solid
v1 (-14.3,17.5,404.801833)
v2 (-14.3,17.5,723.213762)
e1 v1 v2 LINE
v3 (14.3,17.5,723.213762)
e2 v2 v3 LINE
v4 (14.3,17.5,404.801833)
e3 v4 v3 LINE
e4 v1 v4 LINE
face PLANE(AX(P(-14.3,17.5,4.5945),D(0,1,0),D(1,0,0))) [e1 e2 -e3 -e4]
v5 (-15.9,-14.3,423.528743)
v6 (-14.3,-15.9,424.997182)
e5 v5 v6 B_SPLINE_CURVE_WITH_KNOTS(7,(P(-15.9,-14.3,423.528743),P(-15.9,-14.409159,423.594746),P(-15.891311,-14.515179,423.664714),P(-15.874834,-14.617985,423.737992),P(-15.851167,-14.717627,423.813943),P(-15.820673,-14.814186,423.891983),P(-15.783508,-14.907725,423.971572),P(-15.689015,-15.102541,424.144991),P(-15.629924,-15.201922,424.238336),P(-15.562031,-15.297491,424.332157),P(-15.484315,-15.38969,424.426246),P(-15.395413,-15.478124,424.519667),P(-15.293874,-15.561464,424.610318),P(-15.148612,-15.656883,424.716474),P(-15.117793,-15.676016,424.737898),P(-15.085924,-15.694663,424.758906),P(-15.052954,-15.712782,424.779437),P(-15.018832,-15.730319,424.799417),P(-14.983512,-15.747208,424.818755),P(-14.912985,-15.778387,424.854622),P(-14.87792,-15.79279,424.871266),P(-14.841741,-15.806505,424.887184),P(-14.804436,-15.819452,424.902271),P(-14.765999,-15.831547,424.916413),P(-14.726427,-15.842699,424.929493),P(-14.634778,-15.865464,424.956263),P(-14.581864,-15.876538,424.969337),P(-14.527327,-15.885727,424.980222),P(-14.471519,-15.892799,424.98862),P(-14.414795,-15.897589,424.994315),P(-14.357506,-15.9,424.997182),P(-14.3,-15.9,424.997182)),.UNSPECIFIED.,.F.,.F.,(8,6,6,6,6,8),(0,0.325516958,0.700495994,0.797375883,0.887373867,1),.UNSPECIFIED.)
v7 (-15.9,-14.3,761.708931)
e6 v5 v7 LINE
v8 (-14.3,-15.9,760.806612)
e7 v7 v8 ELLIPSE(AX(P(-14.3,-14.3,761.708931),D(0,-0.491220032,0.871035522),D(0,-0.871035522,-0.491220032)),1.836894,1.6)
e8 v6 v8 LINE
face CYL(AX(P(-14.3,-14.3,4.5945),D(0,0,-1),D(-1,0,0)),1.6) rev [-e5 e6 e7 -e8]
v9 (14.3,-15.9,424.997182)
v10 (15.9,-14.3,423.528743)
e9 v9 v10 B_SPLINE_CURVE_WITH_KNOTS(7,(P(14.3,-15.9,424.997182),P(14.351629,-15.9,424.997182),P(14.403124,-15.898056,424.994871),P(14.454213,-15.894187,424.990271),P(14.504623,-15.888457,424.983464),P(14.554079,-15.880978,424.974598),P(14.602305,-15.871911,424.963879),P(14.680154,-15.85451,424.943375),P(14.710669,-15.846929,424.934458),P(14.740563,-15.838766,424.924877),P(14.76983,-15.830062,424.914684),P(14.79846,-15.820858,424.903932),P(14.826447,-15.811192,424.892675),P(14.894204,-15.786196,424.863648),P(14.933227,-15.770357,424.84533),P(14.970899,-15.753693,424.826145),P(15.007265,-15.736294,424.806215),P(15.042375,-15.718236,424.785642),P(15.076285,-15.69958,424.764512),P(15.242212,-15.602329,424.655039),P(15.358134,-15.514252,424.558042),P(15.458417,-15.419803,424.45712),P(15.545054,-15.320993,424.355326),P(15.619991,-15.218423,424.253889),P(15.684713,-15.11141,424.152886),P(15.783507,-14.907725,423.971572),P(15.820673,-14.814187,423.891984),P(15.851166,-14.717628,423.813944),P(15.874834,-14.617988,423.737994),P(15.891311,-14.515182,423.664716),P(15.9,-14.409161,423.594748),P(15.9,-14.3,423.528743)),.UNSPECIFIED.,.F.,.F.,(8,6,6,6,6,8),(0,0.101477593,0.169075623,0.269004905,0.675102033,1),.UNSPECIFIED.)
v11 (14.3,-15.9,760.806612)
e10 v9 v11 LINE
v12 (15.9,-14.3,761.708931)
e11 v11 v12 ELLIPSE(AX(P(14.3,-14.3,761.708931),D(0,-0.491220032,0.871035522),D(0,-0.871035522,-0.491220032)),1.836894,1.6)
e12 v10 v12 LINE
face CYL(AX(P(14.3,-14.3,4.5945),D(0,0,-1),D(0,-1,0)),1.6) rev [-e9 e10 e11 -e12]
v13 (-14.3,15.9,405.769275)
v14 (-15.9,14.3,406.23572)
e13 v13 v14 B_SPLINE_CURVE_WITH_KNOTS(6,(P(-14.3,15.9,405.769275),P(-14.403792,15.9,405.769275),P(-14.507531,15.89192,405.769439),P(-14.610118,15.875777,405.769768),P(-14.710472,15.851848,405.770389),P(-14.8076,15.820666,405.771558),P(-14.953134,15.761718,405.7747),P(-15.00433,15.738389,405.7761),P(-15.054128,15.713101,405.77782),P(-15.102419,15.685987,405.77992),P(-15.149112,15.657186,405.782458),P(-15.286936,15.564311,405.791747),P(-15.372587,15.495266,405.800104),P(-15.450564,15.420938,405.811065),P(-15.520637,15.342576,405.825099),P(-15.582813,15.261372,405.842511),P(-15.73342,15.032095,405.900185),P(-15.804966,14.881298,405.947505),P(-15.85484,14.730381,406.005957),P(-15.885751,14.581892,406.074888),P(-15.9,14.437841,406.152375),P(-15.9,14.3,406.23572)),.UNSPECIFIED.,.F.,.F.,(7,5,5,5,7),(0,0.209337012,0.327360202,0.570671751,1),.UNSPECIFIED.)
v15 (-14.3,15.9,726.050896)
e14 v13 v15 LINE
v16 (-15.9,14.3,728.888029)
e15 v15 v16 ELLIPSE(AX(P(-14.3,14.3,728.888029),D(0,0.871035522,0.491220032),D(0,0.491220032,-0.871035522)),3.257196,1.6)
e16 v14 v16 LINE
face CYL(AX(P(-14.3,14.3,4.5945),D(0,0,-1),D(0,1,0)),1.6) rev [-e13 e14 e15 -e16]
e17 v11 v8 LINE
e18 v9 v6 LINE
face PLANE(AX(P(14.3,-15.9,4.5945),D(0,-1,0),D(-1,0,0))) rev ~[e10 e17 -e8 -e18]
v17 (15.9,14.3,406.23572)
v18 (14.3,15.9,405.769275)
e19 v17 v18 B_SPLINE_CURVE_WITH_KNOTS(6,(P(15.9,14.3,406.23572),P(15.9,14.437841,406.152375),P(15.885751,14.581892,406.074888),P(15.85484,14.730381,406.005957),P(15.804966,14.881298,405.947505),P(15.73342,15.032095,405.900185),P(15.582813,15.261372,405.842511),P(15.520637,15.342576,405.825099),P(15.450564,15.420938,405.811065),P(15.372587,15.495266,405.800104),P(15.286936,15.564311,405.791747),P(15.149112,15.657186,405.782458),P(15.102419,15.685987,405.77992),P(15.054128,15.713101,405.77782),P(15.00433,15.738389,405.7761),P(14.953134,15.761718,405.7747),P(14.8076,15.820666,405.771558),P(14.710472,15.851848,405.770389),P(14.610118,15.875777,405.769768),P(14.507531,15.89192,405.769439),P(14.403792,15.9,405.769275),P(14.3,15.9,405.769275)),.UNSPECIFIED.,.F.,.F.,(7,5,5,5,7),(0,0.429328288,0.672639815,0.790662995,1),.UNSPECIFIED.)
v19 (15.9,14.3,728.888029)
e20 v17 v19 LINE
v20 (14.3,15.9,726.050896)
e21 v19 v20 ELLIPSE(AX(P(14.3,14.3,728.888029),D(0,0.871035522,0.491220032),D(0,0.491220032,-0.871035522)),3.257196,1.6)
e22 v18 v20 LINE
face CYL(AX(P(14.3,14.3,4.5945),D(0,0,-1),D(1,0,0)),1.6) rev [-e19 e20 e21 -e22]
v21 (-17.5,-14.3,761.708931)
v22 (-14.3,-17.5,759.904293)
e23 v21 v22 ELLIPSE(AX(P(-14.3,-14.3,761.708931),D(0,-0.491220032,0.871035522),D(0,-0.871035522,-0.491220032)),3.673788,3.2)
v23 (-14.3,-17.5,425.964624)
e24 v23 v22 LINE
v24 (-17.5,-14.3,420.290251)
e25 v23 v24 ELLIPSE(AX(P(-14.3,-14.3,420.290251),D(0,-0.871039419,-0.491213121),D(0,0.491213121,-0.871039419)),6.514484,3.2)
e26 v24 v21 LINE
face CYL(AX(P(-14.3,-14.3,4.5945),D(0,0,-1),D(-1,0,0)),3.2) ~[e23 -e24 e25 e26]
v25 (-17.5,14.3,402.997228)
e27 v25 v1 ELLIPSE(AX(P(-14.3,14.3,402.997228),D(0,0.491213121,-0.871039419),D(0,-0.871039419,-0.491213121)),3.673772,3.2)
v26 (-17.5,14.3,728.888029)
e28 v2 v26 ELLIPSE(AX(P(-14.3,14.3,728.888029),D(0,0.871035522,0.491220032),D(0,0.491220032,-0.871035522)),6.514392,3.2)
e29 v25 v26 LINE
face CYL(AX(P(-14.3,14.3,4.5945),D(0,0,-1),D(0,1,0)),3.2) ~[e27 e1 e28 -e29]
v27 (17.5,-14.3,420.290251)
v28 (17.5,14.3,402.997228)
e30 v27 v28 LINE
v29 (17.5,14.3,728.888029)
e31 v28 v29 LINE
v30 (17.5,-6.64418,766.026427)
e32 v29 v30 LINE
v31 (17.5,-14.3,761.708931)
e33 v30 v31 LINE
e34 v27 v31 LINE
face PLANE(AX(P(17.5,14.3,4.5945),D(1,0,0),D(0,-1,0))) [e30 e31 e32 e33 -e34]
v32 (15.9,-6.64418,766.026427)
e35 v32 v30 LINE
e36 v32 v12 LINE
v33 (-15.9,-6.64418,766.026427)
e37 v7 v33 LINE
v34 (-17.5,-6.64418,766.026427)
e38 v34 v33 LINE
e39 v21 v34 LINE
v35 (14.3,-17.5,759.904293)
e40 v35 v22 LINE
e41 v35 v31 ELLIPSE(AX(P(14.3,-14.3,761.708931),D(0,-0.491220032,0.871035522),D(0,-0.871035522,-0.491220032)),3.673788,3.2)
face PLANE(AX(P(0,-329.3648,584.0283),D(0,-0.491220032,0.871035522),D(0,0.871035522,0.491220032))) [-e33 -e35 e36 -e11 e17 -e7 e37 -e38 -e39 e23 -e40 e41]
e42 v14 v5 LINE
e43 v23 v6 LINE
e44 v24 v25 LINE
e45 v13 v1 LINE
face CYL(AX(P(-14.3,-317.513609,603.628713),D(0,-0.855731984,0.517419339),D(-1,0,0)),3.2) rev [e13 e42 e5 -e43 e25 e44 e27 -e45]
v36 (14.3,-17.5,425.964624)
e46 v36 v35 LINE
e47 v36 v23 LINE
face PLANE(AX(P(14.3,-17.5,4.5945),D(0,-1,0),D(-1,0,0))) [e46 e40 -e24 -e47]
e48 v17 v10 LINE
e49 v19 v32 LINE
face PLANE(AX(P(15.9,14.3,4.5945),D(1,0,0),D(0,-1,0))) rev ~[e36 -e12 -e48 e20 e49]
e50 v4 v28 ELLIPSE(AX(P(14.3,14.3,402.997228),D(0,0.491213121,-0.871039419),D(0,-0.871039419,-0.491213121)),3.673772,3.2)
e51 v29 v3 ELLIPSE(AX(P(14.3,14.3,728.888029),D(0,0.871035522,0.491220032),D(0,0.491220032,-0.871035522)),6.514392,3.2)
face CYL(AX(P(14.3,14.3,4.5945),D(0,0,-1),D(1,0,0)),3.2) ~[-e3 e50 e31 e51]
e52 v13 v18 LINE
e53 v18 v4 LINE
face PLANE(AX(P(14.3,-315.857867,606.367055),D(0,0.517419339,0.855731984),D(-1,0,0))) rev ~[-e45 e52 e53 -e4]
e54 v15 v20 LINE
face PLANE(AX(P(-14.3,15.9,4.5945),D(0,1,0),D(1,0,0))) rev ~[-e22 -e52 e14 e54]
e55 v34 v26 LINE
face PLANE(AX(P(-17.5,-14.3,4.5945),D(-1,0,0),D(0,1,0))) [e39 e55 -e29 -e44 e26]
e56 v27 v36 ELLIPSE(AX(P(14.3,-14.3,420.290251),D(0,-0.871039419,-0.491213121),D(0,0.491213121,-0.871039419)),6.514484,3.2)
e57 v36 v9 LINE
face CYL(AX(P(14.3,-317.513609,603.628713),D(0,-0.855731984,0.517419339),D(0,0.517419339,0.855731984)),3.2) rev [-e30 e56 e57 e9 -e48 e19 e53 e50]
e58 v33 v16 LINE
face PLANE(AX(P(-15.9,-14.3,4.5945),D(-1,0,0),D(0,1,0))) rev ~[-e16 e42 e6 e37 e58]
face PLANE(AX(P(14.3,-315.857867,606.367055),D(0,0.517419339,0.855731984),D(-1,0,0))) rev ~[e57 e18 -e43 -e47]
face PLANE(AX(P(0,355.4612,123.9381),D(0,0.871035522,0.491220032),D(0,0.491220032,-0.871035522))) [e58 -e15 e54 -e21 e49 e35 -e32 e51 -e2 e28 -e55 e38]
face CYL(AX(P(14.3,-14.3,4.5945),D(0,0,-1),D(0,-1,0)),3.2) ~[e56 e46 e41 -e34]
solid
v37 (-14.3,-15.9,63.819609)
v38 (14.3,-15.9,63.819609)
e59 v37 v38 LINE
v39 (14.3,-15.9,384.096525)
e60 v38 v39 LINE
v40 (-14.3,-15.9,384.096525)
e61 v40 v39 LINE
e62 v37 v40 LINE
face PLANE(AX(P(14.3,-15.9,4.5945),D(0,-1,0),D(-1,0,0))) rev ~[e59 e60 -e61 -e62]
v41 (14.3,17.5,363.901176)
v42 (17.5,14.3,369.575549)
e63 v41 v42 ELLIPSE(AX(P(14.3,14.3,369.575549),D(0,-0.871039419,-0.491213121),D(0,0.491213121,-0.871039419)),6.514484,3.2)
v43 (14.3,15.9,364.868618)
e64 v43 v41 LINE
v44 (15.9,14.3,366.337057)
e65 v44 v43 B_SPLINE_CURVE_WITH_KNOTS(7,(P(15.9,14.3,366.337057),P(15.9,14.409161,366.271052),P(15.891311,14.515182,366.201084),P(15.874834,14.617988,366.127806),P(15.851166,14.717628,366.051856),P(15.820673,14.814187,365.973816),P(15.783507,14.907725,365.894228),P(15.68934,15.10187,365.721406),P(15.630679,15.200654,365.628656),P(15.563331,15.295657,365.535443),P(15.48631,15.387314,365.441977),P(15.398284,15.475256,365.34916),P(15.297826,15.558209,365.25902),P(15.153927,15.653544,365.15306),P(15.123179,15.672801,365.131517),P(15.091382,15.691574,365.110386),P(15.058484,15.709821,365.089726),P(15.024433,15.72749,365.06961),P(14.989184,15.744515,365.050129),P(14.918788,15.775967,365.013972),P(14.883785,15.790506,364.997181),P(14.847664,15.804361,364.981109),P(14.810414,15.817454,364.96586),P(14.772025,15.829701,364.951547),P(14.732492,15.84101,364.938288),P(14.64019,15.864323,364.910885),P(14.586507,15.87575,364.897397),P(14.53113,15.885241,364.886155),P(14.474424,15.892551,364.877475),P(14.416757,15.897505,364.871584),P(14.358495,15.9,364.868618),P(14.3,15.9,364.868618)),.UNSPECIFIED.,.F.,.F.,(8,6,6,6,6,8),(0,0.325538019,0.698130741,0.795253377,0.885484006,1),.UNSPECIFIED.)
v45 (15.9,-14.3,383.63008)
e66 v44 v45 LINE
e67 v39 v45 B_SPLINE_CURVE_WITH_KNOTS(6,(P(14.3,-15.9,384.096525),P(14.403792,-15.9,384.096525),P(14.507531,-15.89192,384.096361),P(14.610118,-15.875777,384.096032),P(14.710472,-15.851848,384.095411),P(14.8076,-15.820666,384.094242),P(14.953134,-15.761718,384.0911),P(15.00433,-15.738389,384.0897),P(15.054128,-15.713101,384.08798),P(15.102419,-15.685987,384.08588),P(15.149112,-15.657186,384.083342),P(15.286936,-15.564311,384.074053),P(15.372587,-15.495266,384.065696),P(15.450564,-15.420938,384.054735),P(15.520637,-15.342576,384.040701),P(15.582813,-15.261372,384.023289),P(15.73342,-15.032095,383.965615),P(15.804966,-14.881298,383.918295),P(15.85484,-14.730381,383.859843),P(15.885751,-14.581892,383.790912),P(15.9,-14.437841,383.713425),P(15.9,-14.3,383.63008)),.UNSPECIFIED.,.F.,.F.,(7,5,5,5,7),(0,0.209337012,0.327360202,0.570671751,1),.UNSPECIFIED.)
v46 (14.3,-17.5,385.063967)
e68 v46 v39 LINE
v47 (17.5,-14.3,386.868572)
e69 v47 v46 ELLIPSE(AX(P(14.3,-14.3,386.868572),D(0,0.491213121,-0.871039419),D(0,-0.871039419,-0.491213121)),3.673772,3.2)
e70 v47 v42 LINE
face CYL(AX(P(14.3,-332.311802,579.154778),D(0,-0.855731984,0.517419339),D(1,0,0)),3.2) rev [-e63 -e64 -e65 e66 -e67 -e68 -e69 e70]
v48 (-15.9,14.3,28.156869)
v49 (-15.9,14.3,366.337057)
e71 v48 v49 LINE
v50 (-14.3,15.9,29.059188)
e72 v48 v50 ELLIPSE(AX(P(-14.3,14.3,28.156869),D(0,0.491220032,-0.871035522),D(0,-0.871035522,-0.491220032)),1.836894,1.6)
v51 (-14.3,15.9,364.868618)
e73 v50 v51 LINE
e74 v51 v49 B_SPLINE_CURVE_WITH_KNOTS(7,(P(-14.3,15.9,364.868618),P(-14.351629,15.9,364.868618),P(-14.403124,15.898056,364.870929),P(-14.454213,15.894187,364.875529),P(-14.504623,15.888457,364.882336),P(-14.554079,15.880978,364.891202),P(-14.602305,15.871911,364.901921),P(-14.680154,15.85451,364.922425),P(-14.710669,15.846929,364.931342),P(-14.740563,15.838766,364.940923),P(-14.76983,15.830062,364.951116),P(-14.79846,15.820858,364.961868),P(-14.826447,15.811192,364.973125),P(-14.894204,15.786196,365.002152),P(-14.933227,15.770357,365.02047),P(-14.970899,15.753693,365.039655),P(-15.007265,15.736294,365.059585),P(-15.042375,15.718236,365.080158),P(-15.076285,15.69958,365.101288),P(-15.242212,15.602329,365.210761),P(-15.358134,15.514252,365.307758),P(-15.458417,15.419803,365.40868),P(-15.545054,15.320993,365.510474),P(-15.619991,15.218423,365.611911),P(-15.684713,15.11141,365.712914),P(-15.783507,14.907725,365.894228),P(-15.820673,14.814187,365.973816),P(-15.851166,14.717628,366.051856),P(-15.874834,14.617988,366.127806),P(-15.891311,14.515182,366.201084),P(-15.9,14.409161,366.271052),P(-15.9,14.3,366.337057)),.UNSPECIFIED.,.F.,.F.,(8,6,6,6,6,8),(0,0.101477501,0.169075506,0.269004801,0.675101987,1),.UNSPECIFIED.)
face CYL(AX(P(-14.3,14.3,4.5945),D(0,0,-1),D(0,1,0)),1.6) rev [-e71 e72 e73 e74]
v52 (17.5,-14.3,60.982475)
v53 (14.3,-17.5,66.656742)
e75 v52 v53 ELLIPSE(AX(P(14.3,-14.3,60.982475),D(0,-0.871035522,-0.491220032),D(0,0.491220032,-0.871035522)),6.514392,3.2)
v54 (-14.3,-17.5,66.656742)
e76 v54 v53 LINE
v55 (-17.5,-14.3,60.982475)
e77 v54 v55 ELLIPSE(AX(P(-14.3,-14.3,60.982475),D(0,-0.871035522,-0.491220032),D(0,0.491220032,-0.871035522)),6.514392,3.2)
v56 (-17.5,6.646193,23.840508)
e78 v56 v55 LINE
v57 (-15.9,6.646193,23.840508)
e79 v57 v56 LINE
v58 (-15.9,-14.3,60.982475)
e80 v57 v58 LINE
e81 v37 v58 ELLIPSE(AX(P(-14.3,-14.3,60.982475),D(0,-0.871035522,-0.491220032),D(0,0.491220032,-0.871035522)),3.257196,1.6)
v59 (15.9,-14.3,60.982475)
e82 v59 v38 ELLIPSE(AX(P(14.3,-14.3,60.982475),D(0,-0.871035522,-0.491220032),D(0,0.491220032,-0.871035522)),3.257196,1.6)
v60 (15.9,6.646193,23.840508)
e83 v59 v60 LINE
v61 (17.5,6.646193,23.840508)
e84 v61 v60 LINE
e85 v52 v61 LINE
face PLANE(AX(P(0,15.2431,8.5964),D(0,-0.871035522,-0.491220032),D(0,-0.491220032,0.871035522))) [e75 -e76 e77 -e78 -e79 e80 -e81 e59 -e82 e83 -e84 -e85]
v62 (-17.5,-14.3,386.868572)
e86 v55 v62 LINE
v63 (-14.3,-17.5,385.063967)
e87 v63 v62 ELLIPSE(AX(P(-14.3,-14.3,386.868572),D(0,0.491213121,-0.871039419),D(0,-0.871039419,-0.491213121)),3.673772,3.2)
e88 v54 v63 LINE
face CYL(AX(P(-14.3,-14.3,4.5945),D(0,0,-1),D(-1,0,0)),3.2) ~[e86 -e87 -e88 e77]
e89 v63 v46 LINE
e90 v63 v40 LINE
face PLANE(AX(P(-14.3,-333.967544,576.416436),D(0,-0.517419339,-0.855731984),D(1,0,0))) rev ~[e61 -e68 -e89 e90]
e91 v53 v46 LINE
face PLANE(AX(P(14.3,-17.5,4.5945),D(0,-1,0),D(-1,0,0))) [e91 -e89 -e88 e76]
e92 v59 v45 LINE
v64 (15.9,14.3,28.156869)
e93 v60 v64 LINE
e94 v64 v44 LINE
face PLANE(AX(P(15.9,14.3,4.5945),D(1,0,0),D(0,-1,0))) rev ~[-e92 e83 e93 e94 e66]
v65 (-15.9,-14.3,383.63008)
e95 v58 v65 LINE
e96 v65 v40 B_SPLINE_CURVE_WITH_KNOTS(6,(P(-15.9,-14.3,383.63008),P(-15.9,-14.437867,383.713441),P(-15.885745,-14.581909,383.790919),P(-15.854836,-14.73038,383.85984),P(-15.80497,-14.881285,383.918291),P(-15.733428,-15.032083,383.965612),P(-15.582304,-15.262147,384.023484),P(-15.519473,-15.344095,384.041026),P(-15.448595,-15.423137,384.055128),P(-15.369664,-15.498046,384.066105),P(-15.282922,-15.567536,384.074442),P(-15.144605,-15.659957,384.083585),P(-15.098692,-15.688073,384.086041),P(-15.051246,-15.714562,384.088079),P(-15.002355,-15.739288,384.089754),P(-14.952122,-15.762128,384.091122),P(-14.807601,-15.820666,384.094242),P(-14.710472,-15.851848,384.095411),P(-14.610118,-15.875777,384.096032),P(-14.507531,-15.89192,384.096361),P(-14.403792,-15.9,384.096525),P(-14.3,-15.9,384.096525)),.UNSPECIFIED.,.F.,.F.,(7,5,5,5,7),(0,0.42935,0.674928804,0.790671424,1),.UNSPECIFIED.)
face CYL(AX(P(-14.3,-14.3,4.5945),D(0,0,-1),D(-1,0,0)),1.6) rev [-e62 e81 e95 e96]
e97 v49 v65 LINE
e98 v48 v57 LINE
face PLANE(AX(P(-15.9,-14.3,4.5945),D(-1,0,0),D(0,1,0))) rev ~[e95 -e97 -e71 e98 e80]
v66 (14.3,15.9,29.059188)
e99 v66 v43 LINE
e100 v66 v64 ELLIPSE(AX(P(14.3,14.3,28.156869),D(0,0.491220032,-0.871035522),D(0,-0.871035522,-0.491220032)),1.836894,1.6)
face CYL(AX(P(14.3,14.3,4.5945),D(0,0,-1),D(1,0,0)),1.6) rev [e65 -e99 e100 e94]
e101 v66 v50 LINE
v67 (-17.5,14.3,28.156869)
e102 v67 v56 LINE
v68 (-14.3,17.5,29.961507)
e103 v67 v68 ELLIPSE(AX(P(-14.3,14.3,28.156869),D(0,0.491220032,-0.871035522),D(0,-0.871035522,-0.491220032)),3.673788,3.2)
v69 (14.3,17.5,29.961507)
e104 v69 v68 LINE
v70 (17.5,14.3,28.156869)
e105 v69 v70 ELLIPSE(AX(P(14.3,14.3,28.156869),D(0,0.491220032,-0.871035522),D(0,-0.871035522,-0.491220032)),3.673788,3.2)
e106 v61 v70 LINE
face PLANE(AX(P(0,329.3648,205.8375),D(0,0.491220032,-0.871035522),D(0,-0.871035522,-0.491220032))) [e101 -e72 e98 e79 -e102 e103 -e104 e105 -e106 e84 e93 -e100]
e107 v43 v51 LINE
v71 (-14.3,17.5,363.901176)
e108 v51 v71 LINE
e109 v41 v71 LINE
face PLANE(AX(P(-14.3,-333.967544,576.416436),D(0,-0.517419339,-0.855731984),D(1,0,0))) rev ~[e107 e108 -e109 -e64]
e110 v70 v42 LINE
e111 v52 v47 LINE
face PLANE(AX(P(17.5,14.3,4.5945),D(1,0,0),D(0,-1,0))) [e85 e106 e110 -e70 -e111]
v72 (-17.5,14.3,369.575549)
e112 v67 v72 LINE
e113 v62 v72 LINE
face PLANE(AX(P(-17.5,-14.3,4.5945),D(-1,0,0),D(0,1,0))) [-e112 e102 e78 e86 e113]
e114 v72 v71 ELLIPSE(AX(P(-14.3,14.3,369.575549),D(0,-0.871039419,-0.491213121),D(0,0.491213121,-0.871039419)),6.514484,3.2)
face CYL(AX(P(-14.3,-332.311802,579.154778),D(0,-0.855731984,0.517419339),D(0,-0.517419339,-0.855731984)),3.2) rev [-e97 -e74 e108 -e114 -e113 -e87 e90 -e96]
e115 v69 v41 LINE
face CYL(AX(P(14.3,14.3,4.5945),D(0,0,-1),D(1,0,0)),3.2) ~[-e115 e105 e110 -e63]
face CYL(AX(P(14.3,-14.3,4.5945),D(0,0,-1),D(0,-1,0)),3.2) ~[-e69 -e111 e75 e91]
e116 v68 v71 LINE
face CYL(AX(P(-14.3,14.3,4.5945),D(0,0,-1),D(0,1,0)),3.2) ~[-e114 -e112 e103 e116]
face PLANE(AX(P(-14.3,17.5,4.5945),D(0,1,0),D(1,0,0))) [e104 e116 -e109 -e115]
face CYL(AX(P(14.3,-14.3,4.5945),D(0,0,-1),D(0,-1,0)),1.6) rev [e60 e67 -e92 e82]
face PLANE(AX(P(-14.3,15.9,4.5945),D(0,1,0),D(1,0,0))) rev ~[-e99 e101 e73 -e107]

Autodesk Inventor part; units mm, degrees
ref_plane "Start plane" through (0, 0, 4.5945) normal (0, 0, 1) x (1, 0, 0)
ref_plane "End plane" through (0, 0, 779.6439) normal (0, 0, 1) x (1, 0, 0)
sketch "Sketch" plane through (0, 0, 0) normal (0, 0, 1) x (1, 0, 0)
  line L0 (-17.5, -14.3) -> (-17.5, 14.3)
  line L1 (-14.3, 17.5) -> (14.3, 17.5)
  line L2 (17.5, 14.3) -> (17.5, -14.3)
  line L3 (14.3, -17.5) -> (-14.3, -17.5)
  arc A0 (-17.5, -14.3) -> (-14.3, -17.5) centre (-14.3, -14.3) ccw
  arc A1 (-14.3, 17.5) -> (-17.5, 14.3) centre (-14.3, 14.3) ccw
  arc A2 (17.5, 14.3) -> (14.3, 17.5) centre (14.3, 14.3) ccw
  arc A3 (14.3, -17.5) -> (17.5, -14.3) centre (14.3, -14.3) ccw
  arc A4 (-14.3, 15.9) -> (-15.9, 14.3) centre (-14.3, 14.3) ccw
  line L4 (-14.3, 15.9) -> (14.3, 15.9)
  arc A5 (15.9, 14.3) -> (14.3, 15.9) centre (14.3, 14.3) ccw
  line L5 (15.9, 14.3) -> (15.9, -14.3)
  arc A6 (14.3, -15.9) -> (15.9, -14.3) centre (14.3, -14.3) ccw
  line L6 (14.3, -15.9) -> (-14.3, -15.9)
  arc A7 (-15.9, -14.3) -> (-14.3, -15.9) centre (-14.3, -14.3) ccw
  line L7 (-15.9, -14.3) -> (-15.9, 14.3)
  line L8 (0, 25.4278) -> (0, -25.4278) construction
  line L9 (-25.4278, 0) -> (25.4278, 0) construction
  dimension "d7" = 3.2
  dimension "d10" = 35
  dimension "d11" = 35
  dimension "d12" = 1.6
  dimension "d15" = 17.5
  dimension "d16" = 17.5
extrude "Body" add sketch "Sketch" along normal up to surface (775.0495 mm away) from surface at 4.5945
sketch "Sketch3" plane through (0, 0, 0) normal (0, 0, 1) x (1, 0, 0)
  line L0 (0, 0) -> (10, 0)
ref_plane "Work Plane3" through (0, 0, 0) normal (0, -1, 0) x (1, 0, 0)
sketch "Sketch4" plane through (0, 0, 0) normal (0, -1, 0) x (1, 0, 0)
  line L0 (-2, 4.5945) -> (12, 4.5945)
  line L1 (-2, 779.6439) -> (12, 779.6439)
  dimension "d18" = 775.0495
ref_plane "Work Plane4" through (0, 329.3648, 205.8375) normal (0, 0.4912, -0.871) x (1, 0, 0)
split "Split1" plane through (0, 329.3648, 205.8375) removes the side toward (0, 0.4912, -0.871)
ref_plane "Work Plane5" through (0, 15.2431, 8.5964) normal (0, -0.871, -0.4912) x (1, 0, 0)
split "Split2" plane through (0, 15.2431, 8.5964) removes the side toward (0, -0.871, -0.4912)
ref_plane "Work Plane6" through (0, 355.4612, 123.9381) normal (0, 0.871, 0.4912) x (1, 0, 0)
split "Split3" plane through (0, 355.4612, 123.9381) removes the side toward (0, 0.871, 0.4912)
ref_plane "Work Plane7" through (0, -329.3648, 584.0283) normal (0, -0.4912, 0.871) x (1, 0, 0)
split "Split4" plane through (0, -329.3648, 584.0283) removes the side toward (0, -0.4912, 0.871)
ref_plane "Work Plane8" through (0, -329.3648, 584.0283) normal (0, -0.4912, 0.871) x (-1, 0, 0)
ref_plane "Work Plane9" through (0, 329.3648, 205.8375) normal (0, 0.4912, -0.871) x (-1, 0, 0)
ref_plane "Work Plane10" through (0, 0, 394.9329) normal (0, 0.8557, -0.5174) x (-1, 0, 0)
sketch "Sketch5" plane through (0, 0, 394.9329) normal (0, 0.8557, -0.5174) x (-1, 0, 0)
  arc A0 (-17.5, -14.3) -> (-14.3, -17.5) centre (-14.3, -14.3) ccw
  line L0 (-17.5, -14.3) -> (-17.5, 14.3)
  arc A1 (-14.3, 17.5) -> (-17.5, 14.3) centre (-14.3, 14.3) ccw
  line L1 (-14.3, 17.5) -> (14.3, 17.5)
  arc A2 (17.5, 14.3) -> (14.3, 17.5) centre (14.3, 14.3) ccw
  line L2 (17.5, 14.3) -> (17.5, -14.3)
  arc A3 (14.3, -17.5) -> (17.5, -14.3) centre (14.3, -14.3) ccw
  line L3 (14.3, -17.5) -> (-14.3, -17.5)
  arc A4 (-14.3, 15.9) -> (-15.9, 14.3) centre (-14.3, 14.3) ccw
  line L4 (-14.3, 15.9) -> (14.3, 15.9)
  arc A5 (15.9, 14.3) -> (14.3, 15.9) centre (14.3, 14.3) ccw
  line L5 (15.9, 14.3) -> (15.9, -14.3)
  arc A6 (14.3, -15.9) -> (15.9, -14.3) centre (14.3, -14.3) ccw
  line L6 (14.3, -15.9) -> (-14.3, -15.9)
  arc A7 (-15.9, -14.3) -> (-14.3, -15.9) centre (-14.3, -14.3) ccw
  line L7 (-15.9, -14.3) -> (-15.9, 14.3)
extrude "Extrusion2" cut sketch "Sketch5" along normal up to surface from surface at -379.6898 contours L0 A1 L1 A2 L2 A3 L3 A0 | L4 A5 L5 A6 L6 A7 L7 A4 surface through (0, 329.3648, 205.8375) normal (0, 0.4912, -0.871)
equation "\"d7\" = G_IR"
equation "\"d10\" = G_H"
equation "\"d11\" = G_W"
equation "\"d12\" = G_T"
equation "\"d15\" = 0.5 * d10"
equation "\"d16\" = 0.5 * d11"
equation "\"d3\" = G_L"
equation "\"G_W\" = 35"
equation "\"G_H\" = 35"
equation "\"G_T\" = 1.6"
equation "\"G_IR\" = 3.2"
equation "\"G_L\" = d18"
equation "\"G_OFFSET_START\" = -4.59446"
equation "\"G_OFFSET_END\" = -10.22188"
equation "\"d13\" = -G_OFFSET_START"
equation "\"d14\" = G_OFFSET_END + B_L"
equation "\"B_L\" = 789.86581"
properties part number "AS 1163 - C350L0 35x35x1.6 SHS - 775.049" material "Steel, Mild"
